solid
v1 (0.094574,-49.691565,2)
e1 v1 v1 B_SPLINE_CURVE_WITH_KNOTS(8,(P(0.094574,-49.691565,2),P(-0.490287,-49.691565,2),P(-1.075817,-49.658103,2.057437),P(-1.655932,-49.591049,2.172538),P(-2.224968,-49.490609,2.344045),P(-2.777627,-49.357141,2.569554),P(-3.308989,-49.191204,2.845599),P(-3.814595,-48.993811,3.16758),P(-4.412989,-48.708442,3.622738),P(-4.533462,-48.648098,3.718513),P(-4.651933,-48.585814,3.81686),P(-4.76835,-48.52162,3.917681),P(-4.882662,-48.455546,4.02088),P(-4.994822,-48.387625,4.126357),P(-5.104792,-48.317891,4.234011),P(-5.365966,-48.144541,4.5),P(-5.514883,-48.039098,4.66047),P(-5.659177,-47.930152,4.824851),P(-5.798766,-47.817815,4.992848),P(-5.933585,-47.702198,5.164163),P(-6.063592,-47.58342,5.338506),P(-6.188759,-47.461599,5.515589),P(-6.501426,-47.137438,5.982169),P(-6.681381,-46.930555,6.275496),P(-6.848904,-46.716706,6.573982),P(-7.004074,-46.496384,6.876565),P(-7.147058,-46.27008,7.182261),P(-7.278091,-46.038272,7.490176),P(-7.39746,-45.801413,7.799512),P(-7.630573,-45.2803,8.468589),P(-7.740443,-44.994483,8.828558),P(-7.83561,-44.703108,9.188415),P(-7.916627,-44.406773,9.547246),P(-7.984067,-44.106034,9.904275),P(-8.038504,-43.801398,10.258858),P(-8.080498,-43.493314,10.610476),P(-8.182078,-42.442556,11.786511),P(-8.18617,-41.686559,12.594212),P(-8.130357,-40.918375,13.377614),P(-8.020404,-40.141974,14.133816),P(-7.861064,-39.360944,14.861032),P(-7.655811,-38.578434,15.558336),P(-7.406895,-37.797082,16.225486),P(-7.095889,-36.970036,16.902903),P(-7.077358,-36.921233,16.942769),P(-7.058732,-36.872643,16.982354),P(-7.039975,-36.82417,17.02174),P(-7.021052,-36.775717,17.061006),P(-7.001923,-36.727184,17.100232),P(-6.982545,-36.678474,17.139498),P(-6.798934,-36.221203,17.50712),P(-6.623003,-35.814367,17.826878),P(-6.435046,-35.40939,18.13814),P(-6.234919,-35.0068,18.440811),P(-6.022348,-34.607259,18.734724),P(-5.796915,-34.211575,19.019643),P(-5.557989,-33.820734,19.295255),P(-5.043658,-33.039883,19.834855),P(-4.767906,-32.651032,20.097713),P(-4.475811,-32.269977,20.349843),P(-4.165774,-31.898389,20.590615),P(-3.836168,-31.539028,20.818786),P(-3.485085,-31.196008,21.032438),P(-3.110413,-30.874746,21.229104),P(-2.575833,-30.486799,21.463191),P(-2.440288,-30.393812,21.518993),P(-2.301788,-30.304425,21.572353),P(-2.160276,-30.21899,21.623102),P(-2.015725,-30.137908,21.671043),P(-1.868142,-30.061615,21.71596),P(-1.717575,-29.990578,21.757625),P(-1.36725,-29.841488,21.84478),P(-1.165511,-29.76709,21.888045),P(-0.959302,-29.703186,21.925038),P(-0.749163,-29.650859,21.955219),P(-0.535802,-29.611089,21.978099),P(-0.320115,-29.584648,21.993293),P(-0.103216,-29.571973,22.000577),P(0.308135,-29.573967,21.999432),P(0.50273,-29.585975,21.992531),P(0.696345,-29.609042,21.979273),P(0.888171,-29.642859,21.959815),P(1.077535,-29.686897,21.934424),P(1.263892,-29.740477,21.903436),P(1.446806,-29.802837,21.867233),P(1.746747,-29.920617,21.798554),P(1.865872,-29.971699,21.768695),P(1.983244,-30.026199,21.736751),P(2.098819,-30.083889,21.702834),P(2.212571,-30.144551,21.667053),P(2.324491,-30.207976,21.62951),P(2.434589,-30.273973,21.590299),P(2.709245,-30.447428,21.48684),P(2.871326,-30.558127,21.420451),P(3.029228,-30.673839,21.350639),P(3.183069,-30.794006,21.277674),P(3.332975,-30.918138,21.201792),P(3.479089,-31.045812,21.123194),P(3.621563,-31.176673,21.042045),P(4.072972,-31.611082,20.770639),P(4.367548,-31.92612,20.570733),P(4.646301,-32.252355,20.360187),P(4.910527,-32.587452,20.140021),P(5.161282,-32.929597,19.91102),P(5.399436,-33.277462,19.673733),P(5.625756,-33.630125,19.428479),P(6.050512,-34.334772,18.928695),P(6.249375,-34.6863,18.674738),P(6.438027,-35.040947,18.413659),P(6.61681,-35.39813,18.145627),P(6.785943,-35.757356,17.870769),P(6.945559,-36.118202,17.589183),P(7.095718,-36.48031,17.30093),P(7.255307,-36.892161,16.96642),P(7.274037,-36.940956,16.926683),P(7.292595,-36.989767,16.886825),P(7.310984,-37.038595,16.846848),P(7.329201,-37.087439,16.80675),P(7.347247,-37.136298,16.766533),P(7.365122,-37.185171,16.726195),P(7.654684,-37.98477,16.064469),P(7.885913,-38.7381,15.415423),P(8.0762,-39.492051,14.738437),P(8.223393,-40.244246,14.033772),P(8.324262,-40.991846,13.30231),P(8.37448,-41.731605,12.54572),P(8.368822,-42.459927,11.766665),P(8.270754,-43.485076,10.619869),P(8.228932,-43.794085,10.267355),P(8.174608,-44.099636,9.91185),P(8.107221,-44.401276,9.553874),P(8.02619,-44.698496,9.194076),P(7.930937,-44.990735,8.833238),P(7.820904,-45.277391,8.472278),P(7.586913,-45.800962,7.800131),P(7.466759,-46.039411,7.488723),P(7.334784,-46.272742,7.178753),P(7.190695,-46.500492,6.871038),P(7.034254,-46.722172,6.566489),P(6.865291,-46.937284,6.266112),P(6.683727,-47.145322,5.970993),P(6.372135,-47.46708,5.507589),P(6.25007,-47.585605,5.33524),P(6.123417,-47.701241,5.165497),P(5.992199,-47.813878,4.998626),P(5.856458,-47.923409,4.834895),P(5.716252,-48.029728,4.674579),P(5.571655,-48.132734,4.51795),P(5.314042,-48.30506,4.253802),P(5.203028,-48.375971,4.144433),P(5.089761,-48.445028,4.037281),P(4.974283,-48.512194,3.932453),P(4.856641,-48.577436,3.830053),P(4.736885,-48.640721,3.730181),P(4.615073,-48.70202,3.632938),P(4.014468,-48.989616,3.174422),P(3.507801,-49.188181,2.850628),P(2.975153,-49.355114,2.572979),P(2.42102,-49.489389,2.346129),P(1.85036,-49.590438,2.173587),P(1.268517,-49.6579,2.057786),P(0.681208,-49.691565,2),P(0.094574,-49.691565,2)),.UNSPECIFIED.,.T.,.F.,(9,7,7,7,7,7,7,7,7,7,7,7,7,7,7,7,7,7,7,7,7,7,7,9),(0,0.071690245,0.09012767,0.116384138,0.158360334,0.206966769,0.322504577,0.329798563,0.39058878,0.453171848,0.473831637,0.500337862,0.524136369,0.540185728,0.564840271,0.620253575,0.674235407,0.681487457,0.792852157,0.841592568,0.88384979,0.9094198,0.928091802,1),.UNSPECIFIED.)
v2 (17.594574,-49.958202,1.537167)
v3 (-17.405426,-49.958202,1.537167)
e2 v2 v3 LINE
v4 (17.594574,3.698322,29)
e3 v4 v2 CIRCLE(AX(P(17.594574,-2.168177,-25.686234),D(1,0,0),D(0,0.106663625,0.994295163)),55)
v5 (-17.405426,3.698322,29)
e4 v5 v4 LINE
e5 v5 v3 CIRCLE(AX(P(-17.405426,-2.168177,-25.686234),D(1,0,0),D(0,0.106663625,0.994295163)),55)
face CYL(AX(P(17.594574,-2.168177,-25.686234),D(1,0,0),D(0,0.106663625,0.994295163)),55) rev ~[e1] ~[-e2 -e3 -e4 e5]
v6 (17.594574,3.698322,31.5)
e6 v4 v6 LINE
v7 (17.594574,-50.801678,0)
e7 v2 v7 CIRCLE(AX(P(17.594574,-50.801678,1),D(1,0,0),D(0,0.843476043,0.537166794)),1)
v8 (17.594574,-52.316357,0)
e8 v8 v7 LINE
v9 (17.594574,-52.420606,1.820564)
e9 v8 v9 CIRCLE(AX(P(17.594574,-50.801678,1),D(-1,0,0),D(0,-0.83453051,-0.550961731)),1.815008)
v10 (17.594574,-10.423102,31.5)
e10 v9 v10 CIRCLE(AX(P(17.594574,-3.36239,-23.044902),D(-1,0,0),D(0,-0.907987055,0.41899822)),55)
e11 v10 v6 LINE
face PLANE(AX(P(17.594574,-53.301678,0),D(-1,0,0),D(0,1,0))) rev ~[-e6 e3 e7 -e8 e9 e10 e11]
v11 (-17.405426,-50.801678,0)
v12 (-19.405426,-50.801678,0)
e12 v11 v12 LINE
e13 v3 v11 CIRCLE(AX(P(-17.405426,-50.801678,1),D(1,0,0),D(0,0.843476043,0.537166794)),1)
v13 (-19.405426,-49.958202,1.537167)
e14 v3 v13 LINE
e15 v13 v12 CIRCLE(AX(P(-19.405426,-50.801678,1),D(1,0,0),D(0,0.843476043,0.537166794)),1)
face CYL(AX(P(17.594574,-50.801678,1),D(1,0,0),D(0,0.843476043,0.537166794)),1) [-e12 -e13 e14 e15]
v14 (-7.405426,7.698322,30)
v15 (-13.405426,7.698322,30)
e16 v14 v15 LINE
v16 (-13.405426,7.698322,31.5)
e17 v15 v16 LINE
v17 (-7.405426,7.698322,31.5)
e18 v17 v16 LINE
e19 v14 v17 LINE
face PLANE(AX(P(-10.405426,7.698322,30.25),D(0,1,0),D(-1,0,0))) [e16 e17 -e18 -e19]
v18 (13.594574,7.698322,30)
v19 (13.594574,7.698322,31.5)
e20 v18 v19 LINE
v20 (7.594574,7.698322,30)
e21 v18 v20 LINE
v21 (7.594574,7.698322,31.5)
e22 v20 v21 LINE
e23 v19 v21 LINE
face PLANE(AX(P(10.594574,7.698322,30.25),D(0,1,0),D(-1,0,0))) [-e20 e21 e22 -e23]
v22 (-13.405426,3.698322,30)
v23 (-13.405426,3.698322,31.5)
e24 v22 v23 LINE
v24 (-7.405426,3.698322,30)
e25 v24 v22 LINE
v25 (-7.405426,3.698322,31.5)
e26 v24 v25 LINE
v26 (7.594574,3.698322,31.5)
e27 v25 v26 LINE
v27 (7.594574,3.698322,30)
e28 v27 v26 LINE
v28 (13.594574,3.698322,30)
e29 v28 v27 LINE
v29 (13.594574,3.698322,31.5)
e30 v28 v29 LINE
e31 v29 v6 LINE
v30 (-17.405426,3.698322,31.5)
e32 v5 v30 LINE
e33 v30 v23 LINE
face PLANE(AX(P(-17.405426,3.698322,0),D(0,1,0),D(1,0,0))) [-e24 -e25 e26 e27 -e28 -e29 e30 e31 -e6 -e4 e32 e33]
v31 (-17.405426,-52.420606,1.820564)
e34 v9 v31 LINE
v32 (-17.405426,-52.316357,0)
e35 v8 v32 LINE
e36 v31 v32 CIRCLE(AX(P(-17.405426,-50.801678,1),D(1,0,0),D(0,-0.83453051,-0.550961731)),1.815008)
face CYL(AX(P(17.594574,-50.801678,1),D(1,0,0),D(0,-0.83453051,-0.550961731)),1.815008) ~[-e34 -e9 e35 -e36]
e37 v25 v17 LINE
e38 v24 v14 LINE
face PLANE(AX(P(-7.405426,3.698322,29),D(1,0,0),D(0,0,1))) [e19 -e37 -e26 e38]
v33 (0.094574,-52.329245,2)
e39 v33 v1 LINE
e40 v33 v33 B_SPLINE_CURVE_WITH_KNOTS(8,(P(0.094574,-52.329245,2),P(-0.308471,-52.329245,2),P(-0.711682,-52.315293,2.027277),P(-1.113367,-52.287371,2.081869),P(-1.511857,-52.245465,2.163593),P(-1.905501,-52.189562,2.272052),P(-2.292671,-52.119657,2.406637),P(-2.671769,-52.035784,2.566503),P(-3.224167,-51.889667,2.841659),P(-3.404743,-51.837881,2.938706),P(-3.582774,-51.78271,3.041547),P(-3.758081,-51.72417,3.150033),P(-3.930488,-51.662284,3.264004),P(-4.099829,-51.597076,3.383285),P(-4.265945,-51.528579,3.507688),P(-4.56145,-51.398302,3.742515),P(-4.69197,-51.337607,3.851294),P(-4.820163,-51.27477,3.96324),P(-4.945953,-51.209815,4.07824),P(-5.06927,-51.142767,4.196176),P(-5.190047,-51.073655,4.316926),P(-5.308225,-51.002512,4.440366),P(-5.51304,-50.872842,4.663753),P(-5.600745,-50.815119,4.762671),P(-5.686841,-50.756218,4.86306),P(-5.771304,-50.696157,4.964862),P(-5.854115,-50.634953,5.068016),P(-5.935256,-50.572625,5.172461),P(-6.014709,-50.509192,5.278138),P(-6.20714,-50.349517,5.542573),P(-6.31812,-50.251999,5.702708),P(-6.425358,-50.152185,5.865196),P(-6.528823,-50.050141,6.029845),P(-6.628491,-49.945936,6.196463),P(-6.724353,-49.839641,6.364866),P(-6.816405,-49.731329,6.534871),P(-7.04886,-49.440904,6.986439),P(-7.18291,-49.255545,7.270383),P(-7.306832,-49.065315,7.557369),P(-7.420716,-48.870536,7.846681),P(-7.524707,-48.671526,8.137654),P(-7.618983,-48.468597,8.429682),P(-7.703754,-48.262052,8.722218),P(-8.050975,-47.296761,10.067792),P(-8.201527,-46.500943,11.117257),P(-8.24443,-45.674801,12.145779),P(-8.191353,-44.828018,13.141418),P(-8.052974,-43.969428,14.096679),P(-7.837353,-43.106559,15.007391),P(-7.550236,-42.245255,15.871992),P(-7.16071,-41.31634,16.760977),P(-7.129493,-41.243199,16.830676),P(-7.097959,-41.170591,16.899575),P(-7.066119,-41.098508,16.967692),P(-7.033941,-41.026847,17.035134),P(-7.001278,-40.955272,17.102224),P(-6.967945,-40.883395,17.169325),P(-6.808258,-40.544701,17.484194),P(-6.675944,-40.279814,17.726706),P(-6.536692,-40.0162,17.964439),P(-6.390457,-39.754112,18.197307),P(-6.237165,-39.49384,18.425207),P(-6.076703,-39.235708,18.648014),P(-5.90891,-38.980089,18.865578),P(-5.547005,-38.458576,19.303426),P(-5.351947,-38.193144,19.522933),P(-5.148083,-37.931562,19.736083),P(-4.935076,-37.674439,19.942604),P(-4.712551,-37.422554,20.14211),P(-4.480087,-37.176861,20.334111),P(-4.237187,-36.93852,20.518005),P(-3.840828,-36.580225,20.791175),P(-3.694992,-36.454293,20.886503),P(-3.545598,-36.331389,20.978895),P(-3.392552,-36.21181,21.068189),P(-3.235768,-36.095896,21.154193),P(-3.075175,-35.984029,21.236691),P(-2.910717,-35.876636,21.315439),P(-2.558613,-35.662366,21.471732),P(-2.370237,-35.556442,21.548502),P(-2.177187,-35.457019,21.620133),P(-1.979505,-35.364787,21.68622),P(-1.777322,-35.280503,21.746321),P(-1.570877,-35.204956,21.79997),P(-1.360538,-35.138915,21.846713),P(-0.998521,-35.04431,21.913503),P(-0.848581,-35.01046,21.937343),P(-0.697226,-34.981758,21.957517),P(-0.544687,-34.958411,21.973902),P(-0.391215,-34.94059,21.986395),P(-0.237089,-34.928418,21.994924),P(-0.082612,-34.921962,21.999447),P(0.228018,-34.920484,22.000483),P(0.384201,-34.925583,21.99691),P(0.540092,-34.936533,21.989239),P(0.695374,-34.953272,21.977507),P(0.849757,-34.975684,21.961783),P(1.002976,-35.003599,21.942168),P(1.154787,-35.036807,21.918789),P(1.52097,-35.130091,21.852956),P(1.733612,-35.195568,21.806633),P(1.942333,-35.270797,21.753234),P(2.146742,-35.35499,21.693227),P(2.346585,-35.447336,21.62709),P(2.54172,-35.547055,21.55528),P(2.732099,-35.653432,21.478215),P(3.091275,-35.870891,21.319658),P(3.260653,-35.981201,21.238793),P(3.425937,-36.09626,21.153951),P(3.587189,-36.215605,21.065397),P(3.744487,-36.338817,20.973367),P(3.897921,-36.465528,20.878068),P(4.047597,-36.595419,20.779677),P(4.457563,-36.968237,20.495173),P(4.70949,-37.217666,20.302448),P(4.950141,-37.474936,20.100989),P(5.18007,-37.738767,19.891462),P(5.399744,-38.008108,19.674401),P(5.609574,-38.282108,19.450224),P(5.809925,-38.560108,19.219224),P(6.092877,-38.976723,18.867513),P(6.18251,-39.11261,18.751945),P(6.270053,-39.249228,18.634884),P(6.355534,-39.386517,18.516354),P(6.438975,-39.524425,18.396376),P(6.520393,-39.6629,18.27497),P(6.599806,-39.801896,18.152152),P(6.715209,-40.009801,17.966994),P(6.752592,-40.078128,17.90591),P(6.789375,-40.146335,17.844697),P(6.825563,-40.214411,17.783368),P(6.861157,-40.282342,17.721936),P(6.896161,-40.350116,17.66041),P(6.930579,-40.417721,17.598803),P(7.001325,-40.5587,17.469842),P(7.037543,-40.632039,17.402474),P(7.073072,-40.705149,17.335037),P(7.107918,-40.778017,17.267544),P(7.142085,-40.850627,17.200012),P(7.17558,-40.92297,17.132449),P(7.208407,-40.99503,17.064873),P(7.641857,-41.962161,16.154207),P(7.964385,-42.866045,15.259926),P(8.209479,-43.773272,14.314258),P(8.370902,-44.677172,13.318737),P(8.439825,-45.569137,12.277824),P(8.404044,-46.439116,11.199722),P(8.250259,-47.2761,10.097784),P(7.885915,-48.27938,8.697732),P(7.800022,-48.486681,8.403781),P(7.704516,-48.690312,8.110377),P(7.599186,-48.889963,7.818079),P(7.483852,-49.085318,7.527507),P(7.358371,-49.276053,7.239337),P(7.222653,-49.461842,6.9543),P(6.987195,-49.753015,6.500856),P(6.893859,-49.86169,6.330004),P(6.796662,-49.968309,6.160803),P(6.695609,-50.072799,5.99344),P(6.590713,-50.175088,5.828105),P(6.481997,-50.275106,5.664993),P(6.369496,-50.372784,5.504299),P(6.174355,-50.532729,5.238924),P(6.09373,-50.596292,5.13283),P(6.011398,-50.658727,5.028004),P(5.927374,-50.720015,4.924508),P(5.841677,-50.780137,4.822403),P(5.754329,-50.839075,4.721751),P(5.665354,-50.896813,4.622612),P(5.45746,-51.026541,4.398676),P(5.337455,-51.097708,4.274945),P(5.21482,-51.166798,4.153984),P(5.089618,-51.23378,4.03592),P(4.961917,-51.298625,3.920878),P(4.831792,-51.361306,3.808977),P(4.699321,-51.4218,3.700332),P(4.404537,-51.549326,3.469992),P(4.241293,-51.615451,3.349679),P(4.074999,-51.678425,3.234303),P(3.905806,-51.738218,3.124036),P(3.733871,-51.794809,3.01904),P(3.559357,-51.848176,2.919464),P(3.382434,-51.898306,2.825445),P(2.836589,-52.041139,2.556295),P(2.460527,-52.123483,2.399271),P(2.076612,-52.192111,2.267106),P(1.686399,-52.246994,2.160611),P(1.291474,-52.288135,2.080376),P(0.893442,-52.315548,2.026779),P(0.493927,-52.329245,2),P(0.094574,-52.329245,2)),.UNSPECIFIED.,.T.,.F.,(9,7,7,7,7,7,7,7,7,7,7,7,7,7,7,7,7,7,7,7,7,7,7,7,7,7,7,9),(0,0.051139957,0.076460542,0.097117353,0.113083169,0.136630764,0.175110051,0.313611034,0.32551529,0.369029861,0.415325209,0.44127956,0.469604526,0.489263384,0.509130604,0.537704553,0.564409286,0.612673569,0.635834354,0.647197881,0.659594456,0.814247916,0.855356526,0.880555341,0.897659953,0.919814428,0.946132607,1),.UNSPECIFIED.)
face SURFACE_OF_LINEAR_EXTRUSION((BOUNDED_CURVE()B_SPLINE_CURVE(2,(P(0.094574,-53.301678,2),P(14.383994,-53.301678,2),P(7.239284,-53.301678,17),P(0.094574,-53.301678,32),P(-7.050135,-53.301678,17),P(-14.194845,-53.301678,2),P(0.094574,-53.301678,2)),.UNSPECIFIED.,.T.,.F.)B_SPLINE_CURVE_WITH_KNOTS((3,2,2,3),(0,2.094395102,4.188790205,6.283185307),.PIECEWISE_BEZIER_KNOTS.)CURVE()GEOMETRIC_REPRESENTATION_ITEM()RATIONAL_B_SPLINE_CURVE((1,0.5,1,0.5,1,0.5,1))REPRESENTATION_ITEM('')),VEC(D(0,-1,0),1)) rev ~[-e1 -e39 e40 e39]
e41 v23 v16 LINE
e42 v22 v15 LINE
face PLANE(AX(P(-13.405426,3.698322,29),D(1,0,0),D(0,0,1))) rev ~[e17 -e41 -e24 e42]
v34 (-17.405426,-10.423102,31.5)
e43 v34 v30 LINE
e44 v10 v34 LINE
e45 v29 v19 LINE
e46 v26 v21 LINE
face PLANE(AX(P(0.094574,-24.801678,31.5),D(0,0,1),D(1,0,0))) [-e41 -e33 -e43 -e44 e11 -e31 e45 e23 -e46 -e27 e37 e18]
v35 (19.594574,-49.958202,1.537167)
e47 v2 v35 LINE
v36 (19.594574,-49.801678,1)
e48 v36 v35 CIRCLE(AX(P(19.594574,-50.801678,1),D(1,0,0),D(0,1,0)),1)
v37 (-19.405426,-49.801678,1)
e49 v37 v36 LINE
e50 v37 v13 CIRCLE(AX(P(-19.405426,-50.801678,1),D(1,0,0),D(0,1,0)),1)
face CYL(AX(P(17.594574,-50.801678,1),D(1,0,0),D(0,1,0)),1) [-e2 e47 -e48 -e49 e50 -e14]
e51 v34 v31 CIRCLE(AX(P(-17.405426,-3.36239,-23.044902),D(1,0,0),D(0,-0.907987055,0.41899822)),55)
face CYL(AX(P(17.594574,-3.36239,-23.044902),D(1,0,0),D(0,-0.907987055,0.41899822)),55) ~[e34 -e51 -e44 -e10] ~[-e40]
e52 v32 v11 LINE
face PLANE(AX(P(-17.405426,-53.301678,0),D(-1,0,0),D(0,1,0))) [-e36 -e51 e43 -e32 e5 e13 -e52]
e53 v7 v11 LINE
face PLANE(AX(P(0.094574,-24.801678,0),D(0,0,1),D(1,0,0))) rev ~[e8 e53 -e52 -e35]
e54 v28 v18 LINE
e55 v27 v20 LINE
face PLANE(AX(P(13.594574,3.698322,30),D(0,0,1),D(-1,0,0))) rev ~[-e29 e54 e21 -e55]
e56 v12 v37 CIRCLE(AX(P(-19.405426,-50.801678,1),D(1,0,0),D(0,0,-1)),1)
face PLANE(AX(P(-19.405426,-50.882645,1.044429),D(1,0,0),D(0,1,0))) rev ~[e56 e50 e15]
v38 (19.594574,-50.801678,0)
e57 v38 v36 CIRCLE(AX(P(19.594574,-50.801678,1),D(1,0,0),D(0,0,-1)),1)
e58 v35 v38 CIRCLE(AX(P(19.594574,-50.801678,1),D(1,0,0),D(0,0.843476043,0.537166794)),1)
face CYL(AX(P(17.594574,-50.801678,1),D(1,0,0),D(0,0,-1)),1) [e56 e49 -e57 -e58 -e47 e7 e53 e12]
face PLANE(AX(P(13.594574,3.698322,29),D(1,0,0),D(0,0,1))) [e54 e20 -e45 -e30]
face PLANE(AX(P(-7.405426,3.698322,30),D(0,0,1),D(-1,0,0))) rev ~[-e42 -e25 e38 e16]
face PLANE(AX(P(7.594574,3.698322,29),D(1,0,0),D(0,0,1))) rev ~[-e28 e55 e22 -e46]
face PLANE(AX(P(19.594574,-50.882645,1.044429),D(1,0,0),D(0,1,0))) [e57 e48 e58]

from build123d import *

# Parameters (mm, degrees)
F0_W          = 35
F0_H          = 57
F1_DEPTH      = 31.5
F4_DEPTH      = 57.001
F5_DEPTH      = 35.0010001
F7_DEPTH      = 35.0010001
F9_DEPTH      = 2
F9_DEPTH_BACK = 37
F11_DEPTH     = 37.001
F12_W         = 6
F12_H         = 2.5
F13_DEPTH     = 4
F14_DEPTH     = 1


with BuildPart() as f1:
    # F0 (on Top) → F1 (new body)
    with BuildSketch(Plane.XY):
        with Locations((0.0945744105, -24.8016776452)):
            Rectangle(F0_W, F0_H)
    extrude(amount=F1_DEPTH)

    # F3 (on face) → F4 (cut, through all)
    with BuildSketch(Plane.XZ.offset(53.3016776452)):
        with BuildLine():
            add(Edge.make_bspline(
                [(0.0945744105, 2), (14.3839935729, 2), (7.2392839917, 17), (0.0945744105, 32), (-7.0501351708, 17), (-14.194844752, 2), (0.0945744105, 2)],
                knots=[0, 0, 0, 2.0943951024, 2.0943951024, 4.1887902048, 4.1887902048, 6.2831853072, 6.2831853072, 6.2831853072], degree=2, weights=[1, 0.5, 1, 0.5, 1, 0.5, 1]))
        make_face()
    extrude(amount=-F4_DEPTH, mode=Mode.SUBTRACT)

    # F2 (on face) → F5 (cut, through all)
    with BuildSketch(Plane.YZ.offset(17.5945744105)):
        with BuildLine():
            ThreePointArc((-53.3016776452, 0), (-35.9248296563, 21.279893434), (-10.4231016291, 31.5))
            Line((-10.4231016291, 31.5), (-53.3016776452, 31.5))
            Line((-53.3016776452, 31.5), (-53.3016776452, 0))
        make_face()
    extrude(amount=-F5_DEPTH, mode=Mode.SUBTRACT)

    # F6 (on face) → F7 (cut, through all)
    with BuildSketch(Plane.YZ.offset(17.5945744105)):
        with BuildLine():
            Line((3.6983223548, 0), (3.6983223548, 29))
            ThreePointArc((3.6983223548, 29), (-28.0042777095, 22.8678173622), (-50.8016776452, 0))
            Line((-50.8016776452, 0), (3.6983223548, 0))
        make_face()
    extrude(amount=-F7_DEPTH, mode=Mode.SUBTRACT)

    # F8 (on face) → F9 (join, two sides)
    with BuildSketch(Plane.YZ.offset(17.5945744105)) as f9_sk:
        with BuildLine():
            ThreePointArc((-49.9582016017, 1.5371667936), (-51.6783665277, 1.4810577961), (-50.8016776452, 0))
            ThreePointArc((-50.8016776452, 0), (-50.3860655446, 0.7719448198), (-49.9582016017, 1.5371667936))
        make_face()
        with BuildLine():
            ThreePointArc((-49.9582016017, 1.5371667936), (-50.3860655446, 0.7719448198), (-50.8016776452, 0))
            ThreePointArc((-50.8016776452, 0), (-50.094570864, 0.2928932188), (-49.8016776452, 1))
            ThreePointArc((-49.8016776452, 1), (-49.8416057615, 1.2797534241), (-49.9582016017, 1.5371667936))
        make_face()
    extrude(amount=F9_DEPTH)
    extrude(f9_sk.sketch, amount=-F9_DEPTH_BACK)

    # F10 (on face) → F11 (cut, through all)
    with BuildSketch(Plane.YZ.offset(17.5945744105)):
        with BuildLine():
            Line((-53.3016776452, 0), (-52.3163572735, 0))
            ThreePointArc((-52.3163572735, 0), (-52.6137174082, 0.8962393447), (-52.4206060402, 1.8205639696))
            ThreePointArc((-52.4206060402, 1.8205639696), (-52.8695111773, 0.9143323688), (-53.3016776452, 0))
        make_face()
    extrude(amount=-F11_DEPTH, mode=Mode.SUBTRACT)

    # F12 (on face) → F13 (join)
    with BuildSketch(Plane(origin=(0, 3.6983223548, 0), x_dir=(-1, 0, 0), z_dir=(0, 1, 0))):
        with Locations((-10.5945744105, 30.25)):
            Rectangle(F12_W, F12_H)
        with Locations((10.4054255895, 30.25)):
            Rectangle(F12_W, F12_H)
    extrude(amount=F13_DEPTH)

    # F14 (cut): faces of the model
    f14_faces = [f1.faces().sort_by_distance(p)[0] for p in [
        (10.5945744105, 5.6983223548, 29),
        (-10.4054255895, 5.6983223548, 29),
    ]]
    extrude(f14_faces, amount=-F14_DEPTH, mode=Mode.SUBTRACT)


solid = f1.part
